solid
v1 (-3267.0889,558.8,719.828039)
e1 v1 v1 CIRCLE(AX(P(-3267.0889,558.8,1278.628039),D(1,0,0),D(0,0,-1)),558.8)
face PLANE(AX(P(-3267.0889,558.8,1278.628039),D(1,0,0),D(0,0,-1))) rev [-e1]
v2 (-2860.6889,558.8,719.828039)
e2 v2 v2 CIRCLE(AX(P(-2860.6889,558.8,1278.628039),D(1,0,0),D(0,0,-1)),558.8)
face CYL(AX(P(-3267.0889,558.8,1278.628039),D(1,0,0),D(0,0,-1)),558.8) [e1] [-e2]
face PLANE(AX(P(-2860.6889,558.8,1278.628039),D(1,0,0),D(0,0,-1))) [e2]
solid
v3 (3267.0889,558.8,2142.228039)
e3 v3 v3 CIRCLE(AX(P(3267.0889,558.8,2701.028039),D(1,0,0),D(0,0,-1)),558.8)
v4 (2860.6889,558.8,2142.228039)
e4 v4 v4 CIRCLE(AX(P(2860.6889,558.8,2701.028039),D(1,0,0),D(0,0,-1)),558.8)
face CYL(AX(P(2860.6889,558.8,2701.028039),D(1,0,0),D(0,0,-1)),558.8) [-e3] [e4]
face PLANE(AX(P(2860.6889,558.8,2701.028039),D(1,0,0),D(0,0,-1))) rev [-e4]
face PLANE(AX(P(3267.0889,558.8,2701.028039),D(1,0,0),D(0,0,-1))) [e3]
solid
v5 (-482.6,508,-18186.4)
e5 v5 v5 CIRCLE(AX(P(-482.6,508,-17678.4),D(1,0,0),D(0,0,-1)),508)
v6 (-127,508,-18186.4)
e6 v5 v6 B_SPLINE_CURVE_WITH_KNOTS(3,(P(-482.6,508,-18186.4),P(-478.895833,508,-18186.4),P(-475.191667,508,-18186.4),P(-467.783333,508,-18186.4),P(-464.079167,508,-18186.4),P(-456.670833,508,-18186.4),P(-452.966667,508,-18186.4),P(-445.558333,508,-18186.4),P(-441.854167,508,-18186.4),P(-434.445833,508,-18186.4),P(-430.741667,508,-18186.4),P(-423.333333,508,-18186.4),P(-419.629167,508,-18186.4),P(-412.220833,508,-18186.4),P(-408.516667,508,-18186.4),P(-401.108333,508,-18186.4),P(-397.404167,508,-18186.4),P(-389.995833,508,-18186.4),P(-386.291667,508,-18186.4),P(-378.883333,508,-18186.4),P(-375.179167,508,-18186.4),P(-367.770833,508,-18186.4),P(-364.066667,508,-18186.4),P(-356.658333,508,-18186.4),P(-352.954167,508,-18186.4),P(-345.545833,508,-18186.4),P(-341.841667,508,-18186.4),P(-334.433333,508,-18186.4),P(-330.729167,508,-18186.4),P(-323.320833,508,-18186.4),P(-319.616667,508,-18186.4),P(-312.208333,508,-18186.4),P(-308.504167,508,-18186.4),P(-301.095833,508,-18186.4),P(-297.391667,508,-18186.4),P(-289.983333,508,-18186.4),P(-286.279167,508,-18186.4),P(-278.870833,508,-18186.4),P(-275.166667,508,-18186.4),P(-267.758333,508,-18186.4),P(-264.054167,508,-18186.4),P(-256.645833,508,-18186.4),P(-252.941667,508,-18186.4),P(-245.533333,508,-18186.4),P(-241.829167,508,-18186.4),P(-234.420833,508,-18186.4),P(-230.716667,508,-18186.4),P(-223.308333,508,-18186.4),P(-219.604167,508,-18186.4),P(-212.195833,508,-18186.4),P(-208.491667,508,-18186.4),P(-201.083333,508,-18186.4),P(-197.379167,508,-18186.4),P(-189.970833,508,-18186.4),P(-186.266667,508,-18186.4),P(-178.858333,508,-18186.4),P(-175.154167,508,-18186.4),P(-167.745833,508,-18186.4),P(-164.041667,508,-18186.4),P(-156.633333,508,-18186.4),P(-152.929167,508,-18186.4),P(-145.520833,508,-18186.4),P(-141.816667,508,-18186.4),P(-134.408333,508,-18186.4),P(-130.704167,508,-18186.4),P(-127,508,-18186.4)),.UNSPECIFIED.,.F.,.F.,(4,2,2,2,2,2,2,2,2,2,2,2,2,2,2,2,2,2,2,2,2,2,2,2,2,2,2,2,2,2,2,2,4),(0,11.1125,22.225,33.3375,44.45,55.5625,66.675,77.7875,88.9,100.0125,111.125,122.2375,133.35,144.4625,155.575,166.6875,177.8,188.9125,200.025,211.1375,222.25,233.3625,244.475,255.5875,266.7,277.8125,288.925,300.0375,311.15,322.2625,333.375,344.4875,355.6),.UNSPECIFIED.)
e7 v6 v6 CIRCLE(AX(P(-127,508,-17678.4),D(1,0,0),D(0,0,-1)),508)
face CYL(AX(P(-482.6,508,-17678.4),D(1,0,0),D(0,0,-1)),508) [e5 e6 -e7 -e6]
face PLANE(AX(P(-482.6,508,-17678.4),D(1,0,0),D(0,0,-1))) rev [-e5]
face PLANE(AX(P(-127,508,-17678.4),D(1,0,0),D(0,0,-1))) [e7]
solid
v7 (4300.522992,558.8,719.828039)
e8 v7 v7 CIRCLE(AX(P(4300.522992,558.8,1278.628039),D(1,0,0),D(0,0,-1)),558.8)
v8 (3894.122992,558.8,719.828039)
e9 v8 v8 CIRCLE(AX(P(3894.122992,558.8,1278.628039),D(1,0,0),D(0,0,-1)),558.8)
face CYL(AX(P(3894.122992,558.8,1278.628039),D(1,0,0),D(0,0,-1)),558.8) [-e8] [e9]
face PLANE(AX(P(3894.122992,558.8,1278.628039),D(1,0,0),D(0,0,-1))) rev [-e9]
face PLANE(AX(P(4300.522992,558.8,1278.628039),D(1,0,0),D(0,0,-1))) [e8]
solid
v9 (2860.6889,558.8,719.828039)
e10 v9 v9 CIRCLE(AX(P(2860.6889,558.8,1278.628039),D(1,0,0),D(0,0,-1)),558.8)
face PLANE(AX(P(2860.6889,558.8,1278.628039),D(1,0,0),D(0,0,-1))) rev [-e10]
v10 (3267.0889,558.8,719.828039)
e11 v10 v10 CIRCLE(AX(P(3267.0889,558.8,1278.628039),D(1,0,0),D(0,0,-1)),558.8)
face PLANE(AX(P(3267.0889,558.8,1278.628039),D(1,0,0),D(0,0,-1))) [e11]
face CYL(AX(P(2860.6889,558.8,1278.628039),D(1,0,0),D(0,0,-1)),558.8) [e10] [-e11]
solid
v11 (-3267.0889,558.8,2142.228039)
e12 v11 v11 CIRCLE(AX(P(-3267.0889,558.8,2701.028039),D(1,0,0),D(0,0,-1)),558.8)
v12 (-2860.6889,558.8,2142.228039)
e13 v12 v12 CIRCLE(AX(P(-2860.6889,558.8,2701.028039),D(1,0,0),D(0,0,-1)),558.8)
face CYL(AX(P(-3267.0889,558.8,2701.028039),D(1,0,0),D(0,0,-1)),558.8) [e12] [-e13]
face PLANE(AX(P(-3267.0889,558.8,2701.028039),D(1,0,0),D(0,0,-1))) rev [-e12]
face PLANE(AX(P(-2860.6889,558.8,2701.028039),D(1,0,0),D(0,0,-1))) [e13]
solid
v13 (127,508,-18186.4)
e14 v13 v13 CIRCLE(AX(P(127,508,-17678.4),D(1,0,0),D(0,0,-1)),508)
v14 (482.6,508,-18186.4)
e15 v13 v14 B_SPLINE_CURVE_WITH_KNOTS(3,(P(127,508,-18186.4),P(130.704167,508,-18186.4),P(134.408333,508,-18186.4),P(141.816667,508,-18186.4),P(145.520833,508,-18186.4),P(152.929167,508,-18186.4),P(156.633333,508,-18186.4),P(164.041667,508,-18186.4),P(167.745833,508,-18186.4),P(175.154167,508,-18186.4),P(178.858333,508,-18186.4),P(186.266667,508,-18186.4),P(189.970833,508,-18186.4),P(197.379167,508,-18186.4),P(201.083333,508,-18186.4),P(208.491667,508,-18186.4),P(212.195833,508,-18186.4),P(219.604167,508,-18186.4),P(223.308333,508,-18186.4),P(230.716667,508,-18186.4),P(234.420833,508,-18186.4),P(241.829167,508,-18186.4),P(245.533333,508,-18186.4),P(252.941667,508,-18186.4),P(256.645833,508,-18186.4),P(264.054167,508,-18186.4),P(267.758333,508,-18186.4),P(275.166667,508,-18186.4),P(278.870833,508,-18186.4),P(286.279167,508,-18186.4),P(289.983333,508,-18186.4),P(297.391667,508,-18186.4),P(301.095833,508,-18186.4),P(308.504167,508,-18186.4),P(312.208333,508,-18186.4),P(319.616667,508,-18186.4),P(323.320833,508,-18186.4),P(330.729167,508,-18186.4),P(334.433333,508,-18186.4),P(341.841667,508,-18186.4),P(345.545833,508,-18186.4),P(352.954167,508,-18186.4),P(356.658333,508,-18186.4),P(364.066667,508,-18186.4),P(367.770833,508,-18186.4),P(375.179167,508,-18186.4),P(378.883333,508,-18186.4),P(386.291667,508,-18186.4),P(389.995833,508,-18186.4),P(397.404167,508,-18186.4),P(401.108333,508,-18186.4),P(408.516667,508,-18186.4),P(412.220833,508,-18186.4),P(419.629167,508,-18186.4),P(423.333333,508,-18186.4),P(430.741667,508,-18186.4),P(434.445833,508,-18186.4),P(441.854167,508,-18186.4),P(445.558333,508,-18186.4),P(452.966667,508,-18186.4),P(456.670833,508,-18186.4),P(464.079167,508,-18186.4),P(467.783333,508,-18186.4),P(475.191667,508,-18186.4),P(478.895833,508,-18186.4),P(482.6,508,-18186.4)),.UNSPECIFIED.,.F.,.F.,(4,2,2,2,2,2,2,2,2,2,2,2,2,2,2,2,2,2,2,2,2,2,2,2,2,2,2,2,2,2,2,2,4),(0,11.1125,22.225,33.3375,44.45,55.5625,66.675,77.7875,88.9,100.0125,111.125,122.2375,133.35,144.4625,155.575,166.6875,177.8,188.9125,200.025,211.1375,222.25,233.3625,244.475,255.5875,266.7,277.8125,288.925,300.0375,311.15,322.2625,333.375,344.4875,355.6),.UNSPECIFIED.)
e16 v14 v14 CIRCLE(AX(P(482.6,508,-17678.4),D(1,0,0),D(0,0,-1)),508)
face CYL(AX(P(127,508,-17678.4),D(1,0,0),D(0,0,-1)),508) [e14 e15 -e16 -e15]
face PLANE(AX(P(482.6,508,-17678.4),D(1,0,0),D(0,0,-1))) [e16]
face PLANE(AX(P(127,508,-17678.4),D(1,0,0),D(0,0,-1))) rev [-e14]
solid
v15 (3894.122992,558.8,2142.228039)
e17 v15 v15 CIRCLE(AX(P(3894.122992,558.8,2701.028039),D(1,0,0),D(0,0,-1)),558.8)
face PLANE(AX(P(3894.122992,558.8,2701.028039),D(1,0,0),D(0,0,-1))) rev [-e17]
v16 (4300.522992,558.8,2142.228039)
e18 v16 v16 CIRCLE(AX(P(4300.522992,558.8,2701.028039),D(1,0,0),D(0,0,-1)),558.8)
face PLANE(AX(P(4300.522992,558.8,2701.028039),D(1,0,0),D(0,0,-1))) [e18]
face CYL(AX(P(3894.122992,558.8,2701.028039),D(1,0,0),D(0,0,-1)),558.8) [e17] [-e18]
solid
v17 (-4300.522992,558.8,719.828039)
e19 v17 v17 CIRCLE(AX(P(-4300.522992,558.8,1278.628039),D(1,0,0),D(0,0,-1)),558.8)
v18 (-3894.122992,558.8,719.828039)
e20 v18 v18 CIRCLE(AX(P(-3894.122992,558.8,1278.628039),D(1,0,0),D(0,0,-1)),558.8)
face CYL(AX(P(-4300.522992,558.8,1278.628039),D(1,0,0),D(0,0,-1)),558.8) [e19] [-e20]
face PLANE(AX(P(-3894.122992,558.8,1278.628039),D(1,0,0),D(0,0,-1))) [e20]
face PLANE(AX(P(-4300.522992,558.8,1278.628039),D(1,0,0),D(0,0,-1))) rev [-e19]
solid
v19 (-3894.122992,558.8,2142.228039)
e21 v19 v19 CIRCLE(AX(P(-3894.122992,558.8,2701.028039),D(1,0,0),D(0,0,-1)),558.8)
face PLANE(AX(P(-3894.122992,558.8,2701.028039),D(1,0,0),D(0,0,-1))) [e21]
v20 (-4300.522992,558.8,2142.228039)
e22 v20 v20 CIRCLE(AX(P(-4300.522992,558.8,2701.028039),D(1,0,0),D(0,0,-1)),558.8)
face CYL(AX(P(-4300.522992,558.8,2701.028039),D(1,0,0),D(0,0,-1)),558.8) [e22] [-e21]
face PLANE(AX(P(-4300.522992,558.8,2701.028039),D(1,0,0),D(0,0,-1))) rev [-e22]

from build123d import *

# Parameters (mm, degrees)
MAIN_TIRE_1_DEPTH        = 203.2
MAIN_TIRE_1_DEPTH_BACK   = 203.2
SKETCH9_R                = 558.8
MAIN_TIRE_1_2_DEPTH      = 203.2
MAIN_TIRE_1_2_DEPTH_BACK = 203.2
MAIN_TIRE_2_DEPTH        = 203.2
MAIN_TIRE_2_DEPTH_BACK   = 203.2
SKETCH10_R               = 558.8
MAIN_TIRE_2_2_DEPTH      = 203.2
MAIN_TIRE_2_2_DEPTH_BACK = 203.2
MAIN_TIRE_3_DEPTH        = 203.2
MAIN_TIRE_3_DEPTH_BACK   = 203.2
SKETCH12_R               = 558.8
MAIN_TIRE_3_2_DEPTH      = 203.2
MAIN_TIRE_3_2_DEPTH_BACK = 203.2
MAIN_TIRE_4_DEPTH        = 203.2
MAIN_TIRE_4_DEPTH_BACK   = 203.2
SKETCH13_R               = 558.8
MAIN_TIRE_4_2_DEPTH      = 203.2
MAIN_TIRE_4_2_DEPTH_BACK = 203.2
NOSE_TIRE_1_DEPTH        = 177.8
NOSE_TIRE_1_DEPTH_BACK   = 177.8
SKETCH14_R               = 508
NOSE_TIRE_2_DEPTH        = 177.8
NOSE_TIRE_2_DEPTH_BACK   = 177.8
SKETCH15_R               = 508


with BuildPart() as part:
    # Sketch9 → Main tire 1 (new, two sides: drawn at the far end of the back side and taken through both)
    with BuildSketch(Plane(origin=(-3063.888900242, 0, 0), x_dir=(0, 0, -1), z_dir=(1, 0, 0)).offset(-MAIN_TIRE_1_DEPTH_BACK)):
        with Locations((-2701.028038879, 558.8)):
            Circle(SKETCH9_R)
    extrude(amount=MAIN_TIRE_1_DEPTH + MAIN_TIRE_1_DEPTH_BACK)


with BuildPart() as body_2:
    # Sketch9 → Main tire 1 2 (new, two sides: drawn at the far end of the back side and taken through both)
    with BuildSketch(Plane(origin=(-3063.888900242, 0, 0), x_dir=(0, 0, -1), z_dir=(1, 0, 0)).offset(-MAIN_TIRE_1_2_DEPTH_BACK)):
        with Locations((-1278.628038879, 558.8)):
            Circle(SKETCH9_R)
    extrude(amount=MAIN_TIRE_1_2_DEPTH + MAIN_TIRE_1_2_DEPTH_BACK)


with BuildPart() as body_3:
    # Sketch10 → Main tire 2 (new, two sides: drawn at the far end of the back side and taken through both)
    with BuildSketch(Plane(origin=(-4097.322992077, 0, 0), x_dir=(0, 0, -1), z_dir=(1, 0, 0)).offset(-MAIN_TIRE_2_DEPTH_BACK)):
        with Locations((-2701.028038879, 558.8)):
            Circle(SKETCH10_R)
    extrude(amount=MAIN_TIRE_2_DEPTH + MAIN_TIRE_2_DEPTH_BACK)


with BuildPart() as body_4:
    # Sketch10 → Main tire 2 2 (new, two sides: drawn at the far end of the back side and taken through both)
    with BuildSketch(Plane(origin=(-4097.322992077, 0, 0), x_dir=(0, 0, -1), z_dir=(1, 0, 0)).offset(-MAIN_TIRE_2_2_DEPTH_BACK)):
        with Locations((-1278.628038879, 558.8)):
            Circle(SKETCH10_R)
    extrude(amount=MAIN_TIRE_2_2_DEPTH + MAIN_TIRE_2_2_DEPTH_BACK)


with BuildPart() as body_5:
    # Sketch12 → Main tire 3 (new, two sides: drawn at the far end of the back side and taken through both)
    with BuildSketch(Plane(origin=(3063.888900242, 0, 0), x_dir=(0, 0, -1), z_dir=(1, 0, 0)).offset(-MAIN_TIRE_3_DEPTH_BACK)):
        with Locations((-1278.628038879, 558.8)):
            Circle(SKETCH12_R)
    extrude(amount=MAIN_TIRE_3_DEPTH + MAIN_TIRE_3_DEPTH_BACK)


with BuildPart() as body_6:
    # Sketch12 → Main tire 3 2 (new, two sides: drawn at the far end of the back side and taken through both)
    with BuildSketch(Plane(origin=(3063.888900242, 0, 0), x_dir=(0, 0, -1), z_dir=(1, 0, 0)).offset(-MAIN_TIRE_3_2_DEPTH_BACK)):
        with Locations((-2701.028038879, 558.8)):
            Circle(SKETCH12_R)
    extrude(amount=MAIN_TIRE_3_2_DEPTH + MAIN_TIRE_3_2_DEPTH_BACK)


with BuildPart() as body_7:
    # Sketch13 → Main tire 4 (new, two sides: drawn at the far end of the back side and taken through both)
    with BuildSketch(Plane(origin=(4097.322992077, 0, 0), x_dir=(0, 0, -1), z_dir=(1, 0, 0)).offset(-MAIN_TIRE_4_DEPTH_BACK)):
        with Locations((-2701.028038879, 558.8)):
            Circle(SKETCH13_R)
    extrude(amount=MAIN_TIRE_4_DEPTH + MAIN_TIRE_4_DEPTH_BACK)


with BuildPart() as body_8:
    # Sketch13 → Main tire 4 2 (new, two sides: drawn at the far end of the back side and taken through both)
    with BuildSketch(Plane(origin=(4097.322992077, 0, 0), x_dir=(0, 0, -1), z_dir=(1, 0, 0)).offset(-MAIN_TIRE_4_2_DEPTH_BACK)):
        with Locations((-1278.628038879, 558.8)):
            Circle(SKETCH13_R)
    extrude(amount=MAIN_TIRE_4_2_DEPTH + MAIN_TIRE_4_2_DEPTH_BACK)


with BuildPart() as body_9:
    # Sketch14 → Nose tire 1 (new, two sides: drawn at the far end of the back side and taken through both)
    with BuildSketch(Plane(origin=(-304.8, 0, 0), x_dir=(0, 0, -1), z_dir=(1, 0, 0)).offset(-NOSE_TIRE_1_DEPTH_BACK)):
        with Locations((17678.4, 508)):
            Circle(SKETCH14_R)
    extrude(amount=NOSE_TIRE_1_DEPTH + NOSE_TIRE_1_DEPTH_BACK)


with BuildPart() as body_10:
    # Sketch15 → Nose tire 2 (new, two sides: drawn at the far end of the back side and taken through both)
    with BuildSketch(Plane(origin=(304.8, 0, 0), x_dir=(0, 0, -1), z_dir=(1, 0, 0)).offset(-NOSE_TIRE_2_DEPTH_BACK)):
        with Locations((17678.4, 508)):
            Circle(SKETCH15_R)
    extrude(amount=NOSE_TIRE_2_DEPTH + NOSE_TIRE_2_DEPTH_BACK)


solid = Compound([part.part, body_2.part, body_3.part, body_4.part, body_5.part, body_6.part, body_7.part, body_8.part, body_9.part, body_10.part])
